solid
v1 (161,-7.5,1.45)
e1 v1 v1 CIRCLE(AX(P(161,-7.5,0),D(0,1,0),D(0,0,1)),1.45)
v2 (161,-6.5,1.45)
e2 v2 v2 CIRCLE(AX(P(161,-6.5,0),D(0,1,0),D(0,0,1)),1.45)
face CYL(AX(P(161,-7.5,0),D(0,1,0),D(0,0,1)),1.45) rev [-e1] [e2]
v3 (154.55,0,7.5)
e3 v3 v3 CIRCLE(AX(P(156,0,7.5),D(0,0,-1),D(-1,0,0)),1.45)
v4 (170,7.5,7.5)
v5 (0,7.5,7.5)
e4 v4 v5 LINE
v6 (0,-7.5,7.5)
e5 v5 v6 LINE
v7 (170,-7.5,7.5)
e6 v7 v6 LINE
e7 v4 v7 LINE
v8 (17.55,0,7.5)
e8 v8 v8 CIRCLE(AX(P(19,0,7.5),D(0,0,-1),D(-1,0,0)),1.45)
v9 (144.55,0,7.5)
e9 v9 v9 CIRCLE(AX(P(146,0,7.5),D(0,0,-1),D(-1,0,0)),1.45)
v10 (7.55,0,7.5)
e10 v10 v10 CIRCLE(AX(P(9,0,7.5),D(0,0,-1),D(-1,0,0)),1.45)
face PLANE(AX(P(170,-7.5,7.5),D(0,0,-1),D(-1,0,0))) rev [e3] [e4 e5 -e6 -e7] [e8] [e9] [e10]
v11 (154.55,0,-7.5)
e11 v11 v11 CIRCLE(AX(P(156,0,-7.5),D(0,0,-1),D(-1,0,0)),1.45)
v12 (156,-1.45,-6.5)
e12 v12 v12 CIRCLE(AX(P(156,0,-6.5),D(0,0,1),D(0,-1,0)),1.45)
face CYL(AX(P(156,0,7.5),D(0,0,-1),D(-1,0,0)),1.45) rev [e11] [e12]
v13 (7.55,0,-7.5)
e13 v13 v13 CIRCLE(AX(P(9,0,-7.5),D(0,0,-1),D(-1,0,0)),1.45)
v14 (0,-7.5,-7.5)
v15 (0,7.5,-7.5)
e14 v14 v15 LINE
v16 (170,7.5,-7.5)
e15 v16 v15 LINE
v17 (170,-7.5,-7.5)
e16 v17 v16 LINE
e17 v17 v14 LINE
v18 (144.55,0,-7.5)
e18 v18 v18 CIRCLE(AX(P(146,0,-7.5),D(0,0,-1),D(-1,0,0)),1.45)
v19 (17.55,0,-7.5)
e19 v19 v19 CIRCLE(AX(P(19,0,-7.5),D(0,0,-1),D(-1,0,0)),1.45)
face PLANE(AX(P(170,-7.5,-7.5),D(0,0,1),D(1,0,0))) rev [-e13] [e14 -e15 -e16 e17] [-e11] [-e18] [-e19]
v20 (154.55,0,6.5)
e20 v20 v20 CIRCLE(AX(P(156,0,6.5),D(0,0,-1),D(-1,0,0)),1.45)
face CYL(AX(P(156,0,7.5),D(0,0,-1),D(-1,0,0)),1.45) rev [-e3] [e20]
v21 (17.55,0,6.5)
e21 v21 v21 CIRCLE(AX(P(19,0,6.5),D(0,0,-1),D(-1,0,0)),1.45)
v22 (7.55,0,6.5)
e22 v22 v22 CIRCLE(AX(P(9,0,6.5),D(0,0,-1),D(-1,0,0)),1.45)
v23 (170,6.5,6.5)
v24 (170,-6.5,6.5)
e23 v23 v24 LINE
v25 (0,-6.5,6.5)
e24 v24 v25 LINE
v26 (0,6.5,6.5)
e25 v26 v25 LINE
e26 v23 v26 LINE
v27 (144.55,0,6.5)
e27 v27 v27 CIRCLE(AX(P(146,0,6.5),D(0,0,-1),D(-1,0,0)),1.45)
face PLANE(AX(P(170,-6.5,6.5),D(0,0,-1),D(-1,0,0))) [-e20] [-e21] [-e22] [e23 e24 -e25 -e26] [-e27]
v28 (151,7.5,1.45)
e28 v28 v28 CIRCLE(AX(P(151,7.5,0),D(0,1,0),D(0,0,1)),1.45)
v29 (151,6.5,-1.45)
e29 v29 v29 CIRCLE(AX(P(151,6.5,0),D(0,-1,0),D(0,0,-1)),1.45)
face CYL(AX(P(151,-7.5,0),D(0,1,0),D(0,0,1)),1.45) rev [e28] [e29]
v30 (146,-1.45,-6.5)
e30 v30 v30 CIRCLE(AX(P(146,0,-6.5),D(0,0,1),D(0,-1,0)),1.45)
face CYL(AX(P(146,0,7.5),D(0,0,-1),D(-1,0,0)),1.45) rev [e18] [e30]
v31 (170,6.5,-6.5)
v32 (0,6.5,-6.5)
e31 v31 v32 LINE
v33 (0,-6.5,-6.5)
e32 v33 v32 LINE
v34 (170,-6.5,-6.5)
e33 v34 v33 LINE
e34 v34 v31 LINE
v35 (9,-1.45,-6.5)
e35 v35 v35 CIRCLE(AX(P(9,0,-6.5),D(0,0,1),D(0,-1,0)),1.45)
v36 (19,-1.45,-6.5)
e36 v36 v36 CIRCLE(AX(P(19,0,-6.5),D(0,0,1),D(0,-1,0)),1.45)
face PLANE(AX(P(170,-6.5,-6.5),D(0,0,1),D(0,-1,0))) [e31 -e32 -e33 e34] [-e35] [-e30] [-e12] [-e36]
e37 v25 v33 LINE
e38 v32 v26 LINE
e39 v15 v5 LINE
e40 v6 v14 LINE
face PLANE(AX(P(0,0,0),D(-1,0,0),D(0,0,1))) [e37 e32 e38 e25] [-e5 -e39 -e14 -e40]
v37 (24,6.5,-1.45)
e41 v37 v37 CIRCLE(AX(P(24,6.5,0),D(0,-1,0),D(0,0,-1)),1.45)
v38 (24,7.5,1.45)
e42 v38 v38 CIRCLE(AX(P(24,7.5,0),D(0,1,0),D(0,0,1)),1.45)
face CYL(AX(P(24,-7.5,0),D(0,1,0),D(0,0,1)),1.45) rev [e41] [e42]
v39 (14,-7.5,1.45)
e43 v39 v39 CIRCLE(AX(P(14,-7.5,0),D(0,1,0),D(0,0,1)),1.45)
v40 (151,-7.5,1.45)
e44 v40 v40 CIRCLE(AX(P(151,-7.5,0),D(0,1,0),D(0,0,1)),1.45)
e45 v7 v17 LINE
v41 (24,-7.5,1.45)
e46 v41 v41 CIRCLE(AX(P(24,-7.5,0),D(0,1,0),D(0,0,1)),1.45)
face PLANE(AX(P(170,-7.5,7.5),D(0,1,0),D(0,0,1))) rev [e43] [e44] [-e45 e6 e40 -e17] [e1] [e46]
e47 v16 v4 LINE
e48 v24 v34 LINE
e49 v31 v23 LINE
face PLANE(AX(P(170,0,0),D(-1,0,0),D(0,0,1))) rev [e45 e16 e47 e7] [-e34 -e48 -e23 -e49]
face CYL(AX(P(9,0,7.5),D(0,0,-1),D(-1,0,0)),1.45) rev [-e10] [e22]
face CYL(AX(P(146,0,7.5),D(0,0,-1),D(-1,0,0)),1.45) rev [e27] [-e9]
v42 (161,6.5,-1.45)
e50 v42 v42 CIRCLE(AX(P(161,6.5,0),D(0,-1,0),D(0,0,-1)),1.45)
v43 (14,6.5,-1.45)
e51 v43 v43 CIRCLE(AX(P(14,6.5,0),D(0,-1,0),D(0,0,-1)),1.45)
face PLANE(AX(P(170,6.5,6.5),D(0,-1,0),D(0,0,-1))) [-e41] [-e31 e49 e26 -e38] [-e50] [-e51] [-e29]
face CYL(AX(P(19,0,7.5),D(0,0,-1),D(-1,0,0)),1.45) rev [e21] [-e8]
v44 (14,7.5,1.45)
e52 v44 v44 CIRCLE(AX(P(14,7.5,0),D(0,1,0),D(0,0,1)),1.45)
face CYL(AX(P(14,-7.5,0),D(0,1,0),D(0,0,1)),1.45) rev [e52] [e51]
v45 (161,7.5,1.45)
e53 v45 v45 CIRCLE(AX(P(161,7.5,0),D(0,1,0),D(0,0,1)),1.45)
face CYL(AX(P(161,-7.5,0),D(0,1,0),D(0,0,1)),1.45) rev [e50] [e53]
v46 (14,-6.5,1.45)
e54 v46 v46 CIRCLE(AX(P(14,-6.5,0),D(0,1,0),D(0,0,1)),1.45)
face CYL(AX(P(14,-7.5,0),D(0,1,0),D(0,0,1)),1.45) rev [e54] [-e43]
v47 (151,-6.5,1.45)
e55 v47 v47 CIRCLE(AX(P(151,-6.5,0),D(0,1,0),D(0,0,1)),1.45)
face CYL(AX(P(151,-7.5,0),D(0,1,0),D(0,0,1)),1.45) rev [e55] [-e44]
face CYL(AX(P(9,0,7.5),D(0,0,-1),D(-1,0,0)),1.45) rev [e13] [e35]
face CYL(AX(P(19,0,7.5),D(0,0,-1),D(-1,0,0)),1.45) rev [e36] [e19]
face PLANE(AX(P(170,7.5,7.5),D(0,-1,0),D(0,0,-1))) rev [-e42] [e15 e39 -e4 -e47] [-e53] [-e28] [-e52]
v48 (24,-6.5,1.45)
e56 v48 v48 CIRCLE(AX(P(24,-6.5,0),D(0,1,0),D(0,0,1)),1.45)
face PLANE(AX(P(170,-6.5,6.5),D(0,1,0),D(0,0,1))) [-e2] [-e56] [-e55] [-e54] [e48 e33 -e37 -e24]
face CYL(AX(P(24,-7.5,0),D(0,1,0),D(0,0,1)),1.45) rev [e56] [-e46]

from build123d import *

# Parameters (mm, degrees)
SKETCH_1_W          = 15
SKETCH_1_H          = 15
SKETCH_1_W_2        = 13
SKETCH_1_H_2        = 13
EXTRUDE_1_DEPTH     = 170
SKETCH_2_R          = 1.45
CUT_EXTRUDE_1_DEPTH = 171.825203059
SKETCH_3_R          = 1.45
CUT_EXTRUDE_2_DEPTH = 171.825203059


with BuildPart() as part:
    # 草图1 → 凸台-拉伸1 (new body)
    with BuildSketch(Plane(origin=(0, 0, 0), x_dir=(0, 0, -1), z_dir=(1, 0, 0))):
        Rectangle(SKETCH_1_W, SKETCH_1_H)
        Rectangle(SKETCH_1_W_2, SKETCH_1_H_2, mode=Mode.SUBTRACT)
    extrude(amount=EXTRUDE_1_DEPTH)

    # 草图2 → 切除-拉伸1 (cut, through all)
    with BuildSketch(Plane(origin=(0, 0, -7.5), x_dir=(-1, 0, 0), z_dir=(0, 0, -1))):
        with Locations((-9, 0)):
            Circle(SKETCH_2_R)
        with Locations((-19, 0)):
            Circle(SKETCH_2_R)
        with Locations((-146, 0)):
            Circle(SKETCH_2_R)
        with Locations((-156, 0)):
            Circle(SKETCH_2_R)
    extrude(amount=-CUT_EXTRUDE_1_DEPTH, mode=Mode.SUBTRACT)

    # 草图3 → 切除-拉伸2 (cut, through all)
    with BuildSketch(Plane(origin=(0, 7.5, 0), x_dir=(1, 0, 0), z_dir=(0, 1, 0))):
        with Locations(Location((161, 0, 0), (0, 0, 270))):
            Circle(SKETCH_3_R)
        with Locations(Location((151, 0, 0), (0, 0, 270))):
            Circle(SKETCH_3_R)
        with Locations(Location((24, 0, 0), (0, 0, 270))):
            Circle(SKETCH_3_R)
        with Locations(Location((14, 0, 0), (0, 0, 270))):
            Circle(SKETCH_3_R)
    extrude(amount=-CUT_EXTRUDE_2_DEPTH, mode=Mode.SUBTRACT)


solid = part.part
